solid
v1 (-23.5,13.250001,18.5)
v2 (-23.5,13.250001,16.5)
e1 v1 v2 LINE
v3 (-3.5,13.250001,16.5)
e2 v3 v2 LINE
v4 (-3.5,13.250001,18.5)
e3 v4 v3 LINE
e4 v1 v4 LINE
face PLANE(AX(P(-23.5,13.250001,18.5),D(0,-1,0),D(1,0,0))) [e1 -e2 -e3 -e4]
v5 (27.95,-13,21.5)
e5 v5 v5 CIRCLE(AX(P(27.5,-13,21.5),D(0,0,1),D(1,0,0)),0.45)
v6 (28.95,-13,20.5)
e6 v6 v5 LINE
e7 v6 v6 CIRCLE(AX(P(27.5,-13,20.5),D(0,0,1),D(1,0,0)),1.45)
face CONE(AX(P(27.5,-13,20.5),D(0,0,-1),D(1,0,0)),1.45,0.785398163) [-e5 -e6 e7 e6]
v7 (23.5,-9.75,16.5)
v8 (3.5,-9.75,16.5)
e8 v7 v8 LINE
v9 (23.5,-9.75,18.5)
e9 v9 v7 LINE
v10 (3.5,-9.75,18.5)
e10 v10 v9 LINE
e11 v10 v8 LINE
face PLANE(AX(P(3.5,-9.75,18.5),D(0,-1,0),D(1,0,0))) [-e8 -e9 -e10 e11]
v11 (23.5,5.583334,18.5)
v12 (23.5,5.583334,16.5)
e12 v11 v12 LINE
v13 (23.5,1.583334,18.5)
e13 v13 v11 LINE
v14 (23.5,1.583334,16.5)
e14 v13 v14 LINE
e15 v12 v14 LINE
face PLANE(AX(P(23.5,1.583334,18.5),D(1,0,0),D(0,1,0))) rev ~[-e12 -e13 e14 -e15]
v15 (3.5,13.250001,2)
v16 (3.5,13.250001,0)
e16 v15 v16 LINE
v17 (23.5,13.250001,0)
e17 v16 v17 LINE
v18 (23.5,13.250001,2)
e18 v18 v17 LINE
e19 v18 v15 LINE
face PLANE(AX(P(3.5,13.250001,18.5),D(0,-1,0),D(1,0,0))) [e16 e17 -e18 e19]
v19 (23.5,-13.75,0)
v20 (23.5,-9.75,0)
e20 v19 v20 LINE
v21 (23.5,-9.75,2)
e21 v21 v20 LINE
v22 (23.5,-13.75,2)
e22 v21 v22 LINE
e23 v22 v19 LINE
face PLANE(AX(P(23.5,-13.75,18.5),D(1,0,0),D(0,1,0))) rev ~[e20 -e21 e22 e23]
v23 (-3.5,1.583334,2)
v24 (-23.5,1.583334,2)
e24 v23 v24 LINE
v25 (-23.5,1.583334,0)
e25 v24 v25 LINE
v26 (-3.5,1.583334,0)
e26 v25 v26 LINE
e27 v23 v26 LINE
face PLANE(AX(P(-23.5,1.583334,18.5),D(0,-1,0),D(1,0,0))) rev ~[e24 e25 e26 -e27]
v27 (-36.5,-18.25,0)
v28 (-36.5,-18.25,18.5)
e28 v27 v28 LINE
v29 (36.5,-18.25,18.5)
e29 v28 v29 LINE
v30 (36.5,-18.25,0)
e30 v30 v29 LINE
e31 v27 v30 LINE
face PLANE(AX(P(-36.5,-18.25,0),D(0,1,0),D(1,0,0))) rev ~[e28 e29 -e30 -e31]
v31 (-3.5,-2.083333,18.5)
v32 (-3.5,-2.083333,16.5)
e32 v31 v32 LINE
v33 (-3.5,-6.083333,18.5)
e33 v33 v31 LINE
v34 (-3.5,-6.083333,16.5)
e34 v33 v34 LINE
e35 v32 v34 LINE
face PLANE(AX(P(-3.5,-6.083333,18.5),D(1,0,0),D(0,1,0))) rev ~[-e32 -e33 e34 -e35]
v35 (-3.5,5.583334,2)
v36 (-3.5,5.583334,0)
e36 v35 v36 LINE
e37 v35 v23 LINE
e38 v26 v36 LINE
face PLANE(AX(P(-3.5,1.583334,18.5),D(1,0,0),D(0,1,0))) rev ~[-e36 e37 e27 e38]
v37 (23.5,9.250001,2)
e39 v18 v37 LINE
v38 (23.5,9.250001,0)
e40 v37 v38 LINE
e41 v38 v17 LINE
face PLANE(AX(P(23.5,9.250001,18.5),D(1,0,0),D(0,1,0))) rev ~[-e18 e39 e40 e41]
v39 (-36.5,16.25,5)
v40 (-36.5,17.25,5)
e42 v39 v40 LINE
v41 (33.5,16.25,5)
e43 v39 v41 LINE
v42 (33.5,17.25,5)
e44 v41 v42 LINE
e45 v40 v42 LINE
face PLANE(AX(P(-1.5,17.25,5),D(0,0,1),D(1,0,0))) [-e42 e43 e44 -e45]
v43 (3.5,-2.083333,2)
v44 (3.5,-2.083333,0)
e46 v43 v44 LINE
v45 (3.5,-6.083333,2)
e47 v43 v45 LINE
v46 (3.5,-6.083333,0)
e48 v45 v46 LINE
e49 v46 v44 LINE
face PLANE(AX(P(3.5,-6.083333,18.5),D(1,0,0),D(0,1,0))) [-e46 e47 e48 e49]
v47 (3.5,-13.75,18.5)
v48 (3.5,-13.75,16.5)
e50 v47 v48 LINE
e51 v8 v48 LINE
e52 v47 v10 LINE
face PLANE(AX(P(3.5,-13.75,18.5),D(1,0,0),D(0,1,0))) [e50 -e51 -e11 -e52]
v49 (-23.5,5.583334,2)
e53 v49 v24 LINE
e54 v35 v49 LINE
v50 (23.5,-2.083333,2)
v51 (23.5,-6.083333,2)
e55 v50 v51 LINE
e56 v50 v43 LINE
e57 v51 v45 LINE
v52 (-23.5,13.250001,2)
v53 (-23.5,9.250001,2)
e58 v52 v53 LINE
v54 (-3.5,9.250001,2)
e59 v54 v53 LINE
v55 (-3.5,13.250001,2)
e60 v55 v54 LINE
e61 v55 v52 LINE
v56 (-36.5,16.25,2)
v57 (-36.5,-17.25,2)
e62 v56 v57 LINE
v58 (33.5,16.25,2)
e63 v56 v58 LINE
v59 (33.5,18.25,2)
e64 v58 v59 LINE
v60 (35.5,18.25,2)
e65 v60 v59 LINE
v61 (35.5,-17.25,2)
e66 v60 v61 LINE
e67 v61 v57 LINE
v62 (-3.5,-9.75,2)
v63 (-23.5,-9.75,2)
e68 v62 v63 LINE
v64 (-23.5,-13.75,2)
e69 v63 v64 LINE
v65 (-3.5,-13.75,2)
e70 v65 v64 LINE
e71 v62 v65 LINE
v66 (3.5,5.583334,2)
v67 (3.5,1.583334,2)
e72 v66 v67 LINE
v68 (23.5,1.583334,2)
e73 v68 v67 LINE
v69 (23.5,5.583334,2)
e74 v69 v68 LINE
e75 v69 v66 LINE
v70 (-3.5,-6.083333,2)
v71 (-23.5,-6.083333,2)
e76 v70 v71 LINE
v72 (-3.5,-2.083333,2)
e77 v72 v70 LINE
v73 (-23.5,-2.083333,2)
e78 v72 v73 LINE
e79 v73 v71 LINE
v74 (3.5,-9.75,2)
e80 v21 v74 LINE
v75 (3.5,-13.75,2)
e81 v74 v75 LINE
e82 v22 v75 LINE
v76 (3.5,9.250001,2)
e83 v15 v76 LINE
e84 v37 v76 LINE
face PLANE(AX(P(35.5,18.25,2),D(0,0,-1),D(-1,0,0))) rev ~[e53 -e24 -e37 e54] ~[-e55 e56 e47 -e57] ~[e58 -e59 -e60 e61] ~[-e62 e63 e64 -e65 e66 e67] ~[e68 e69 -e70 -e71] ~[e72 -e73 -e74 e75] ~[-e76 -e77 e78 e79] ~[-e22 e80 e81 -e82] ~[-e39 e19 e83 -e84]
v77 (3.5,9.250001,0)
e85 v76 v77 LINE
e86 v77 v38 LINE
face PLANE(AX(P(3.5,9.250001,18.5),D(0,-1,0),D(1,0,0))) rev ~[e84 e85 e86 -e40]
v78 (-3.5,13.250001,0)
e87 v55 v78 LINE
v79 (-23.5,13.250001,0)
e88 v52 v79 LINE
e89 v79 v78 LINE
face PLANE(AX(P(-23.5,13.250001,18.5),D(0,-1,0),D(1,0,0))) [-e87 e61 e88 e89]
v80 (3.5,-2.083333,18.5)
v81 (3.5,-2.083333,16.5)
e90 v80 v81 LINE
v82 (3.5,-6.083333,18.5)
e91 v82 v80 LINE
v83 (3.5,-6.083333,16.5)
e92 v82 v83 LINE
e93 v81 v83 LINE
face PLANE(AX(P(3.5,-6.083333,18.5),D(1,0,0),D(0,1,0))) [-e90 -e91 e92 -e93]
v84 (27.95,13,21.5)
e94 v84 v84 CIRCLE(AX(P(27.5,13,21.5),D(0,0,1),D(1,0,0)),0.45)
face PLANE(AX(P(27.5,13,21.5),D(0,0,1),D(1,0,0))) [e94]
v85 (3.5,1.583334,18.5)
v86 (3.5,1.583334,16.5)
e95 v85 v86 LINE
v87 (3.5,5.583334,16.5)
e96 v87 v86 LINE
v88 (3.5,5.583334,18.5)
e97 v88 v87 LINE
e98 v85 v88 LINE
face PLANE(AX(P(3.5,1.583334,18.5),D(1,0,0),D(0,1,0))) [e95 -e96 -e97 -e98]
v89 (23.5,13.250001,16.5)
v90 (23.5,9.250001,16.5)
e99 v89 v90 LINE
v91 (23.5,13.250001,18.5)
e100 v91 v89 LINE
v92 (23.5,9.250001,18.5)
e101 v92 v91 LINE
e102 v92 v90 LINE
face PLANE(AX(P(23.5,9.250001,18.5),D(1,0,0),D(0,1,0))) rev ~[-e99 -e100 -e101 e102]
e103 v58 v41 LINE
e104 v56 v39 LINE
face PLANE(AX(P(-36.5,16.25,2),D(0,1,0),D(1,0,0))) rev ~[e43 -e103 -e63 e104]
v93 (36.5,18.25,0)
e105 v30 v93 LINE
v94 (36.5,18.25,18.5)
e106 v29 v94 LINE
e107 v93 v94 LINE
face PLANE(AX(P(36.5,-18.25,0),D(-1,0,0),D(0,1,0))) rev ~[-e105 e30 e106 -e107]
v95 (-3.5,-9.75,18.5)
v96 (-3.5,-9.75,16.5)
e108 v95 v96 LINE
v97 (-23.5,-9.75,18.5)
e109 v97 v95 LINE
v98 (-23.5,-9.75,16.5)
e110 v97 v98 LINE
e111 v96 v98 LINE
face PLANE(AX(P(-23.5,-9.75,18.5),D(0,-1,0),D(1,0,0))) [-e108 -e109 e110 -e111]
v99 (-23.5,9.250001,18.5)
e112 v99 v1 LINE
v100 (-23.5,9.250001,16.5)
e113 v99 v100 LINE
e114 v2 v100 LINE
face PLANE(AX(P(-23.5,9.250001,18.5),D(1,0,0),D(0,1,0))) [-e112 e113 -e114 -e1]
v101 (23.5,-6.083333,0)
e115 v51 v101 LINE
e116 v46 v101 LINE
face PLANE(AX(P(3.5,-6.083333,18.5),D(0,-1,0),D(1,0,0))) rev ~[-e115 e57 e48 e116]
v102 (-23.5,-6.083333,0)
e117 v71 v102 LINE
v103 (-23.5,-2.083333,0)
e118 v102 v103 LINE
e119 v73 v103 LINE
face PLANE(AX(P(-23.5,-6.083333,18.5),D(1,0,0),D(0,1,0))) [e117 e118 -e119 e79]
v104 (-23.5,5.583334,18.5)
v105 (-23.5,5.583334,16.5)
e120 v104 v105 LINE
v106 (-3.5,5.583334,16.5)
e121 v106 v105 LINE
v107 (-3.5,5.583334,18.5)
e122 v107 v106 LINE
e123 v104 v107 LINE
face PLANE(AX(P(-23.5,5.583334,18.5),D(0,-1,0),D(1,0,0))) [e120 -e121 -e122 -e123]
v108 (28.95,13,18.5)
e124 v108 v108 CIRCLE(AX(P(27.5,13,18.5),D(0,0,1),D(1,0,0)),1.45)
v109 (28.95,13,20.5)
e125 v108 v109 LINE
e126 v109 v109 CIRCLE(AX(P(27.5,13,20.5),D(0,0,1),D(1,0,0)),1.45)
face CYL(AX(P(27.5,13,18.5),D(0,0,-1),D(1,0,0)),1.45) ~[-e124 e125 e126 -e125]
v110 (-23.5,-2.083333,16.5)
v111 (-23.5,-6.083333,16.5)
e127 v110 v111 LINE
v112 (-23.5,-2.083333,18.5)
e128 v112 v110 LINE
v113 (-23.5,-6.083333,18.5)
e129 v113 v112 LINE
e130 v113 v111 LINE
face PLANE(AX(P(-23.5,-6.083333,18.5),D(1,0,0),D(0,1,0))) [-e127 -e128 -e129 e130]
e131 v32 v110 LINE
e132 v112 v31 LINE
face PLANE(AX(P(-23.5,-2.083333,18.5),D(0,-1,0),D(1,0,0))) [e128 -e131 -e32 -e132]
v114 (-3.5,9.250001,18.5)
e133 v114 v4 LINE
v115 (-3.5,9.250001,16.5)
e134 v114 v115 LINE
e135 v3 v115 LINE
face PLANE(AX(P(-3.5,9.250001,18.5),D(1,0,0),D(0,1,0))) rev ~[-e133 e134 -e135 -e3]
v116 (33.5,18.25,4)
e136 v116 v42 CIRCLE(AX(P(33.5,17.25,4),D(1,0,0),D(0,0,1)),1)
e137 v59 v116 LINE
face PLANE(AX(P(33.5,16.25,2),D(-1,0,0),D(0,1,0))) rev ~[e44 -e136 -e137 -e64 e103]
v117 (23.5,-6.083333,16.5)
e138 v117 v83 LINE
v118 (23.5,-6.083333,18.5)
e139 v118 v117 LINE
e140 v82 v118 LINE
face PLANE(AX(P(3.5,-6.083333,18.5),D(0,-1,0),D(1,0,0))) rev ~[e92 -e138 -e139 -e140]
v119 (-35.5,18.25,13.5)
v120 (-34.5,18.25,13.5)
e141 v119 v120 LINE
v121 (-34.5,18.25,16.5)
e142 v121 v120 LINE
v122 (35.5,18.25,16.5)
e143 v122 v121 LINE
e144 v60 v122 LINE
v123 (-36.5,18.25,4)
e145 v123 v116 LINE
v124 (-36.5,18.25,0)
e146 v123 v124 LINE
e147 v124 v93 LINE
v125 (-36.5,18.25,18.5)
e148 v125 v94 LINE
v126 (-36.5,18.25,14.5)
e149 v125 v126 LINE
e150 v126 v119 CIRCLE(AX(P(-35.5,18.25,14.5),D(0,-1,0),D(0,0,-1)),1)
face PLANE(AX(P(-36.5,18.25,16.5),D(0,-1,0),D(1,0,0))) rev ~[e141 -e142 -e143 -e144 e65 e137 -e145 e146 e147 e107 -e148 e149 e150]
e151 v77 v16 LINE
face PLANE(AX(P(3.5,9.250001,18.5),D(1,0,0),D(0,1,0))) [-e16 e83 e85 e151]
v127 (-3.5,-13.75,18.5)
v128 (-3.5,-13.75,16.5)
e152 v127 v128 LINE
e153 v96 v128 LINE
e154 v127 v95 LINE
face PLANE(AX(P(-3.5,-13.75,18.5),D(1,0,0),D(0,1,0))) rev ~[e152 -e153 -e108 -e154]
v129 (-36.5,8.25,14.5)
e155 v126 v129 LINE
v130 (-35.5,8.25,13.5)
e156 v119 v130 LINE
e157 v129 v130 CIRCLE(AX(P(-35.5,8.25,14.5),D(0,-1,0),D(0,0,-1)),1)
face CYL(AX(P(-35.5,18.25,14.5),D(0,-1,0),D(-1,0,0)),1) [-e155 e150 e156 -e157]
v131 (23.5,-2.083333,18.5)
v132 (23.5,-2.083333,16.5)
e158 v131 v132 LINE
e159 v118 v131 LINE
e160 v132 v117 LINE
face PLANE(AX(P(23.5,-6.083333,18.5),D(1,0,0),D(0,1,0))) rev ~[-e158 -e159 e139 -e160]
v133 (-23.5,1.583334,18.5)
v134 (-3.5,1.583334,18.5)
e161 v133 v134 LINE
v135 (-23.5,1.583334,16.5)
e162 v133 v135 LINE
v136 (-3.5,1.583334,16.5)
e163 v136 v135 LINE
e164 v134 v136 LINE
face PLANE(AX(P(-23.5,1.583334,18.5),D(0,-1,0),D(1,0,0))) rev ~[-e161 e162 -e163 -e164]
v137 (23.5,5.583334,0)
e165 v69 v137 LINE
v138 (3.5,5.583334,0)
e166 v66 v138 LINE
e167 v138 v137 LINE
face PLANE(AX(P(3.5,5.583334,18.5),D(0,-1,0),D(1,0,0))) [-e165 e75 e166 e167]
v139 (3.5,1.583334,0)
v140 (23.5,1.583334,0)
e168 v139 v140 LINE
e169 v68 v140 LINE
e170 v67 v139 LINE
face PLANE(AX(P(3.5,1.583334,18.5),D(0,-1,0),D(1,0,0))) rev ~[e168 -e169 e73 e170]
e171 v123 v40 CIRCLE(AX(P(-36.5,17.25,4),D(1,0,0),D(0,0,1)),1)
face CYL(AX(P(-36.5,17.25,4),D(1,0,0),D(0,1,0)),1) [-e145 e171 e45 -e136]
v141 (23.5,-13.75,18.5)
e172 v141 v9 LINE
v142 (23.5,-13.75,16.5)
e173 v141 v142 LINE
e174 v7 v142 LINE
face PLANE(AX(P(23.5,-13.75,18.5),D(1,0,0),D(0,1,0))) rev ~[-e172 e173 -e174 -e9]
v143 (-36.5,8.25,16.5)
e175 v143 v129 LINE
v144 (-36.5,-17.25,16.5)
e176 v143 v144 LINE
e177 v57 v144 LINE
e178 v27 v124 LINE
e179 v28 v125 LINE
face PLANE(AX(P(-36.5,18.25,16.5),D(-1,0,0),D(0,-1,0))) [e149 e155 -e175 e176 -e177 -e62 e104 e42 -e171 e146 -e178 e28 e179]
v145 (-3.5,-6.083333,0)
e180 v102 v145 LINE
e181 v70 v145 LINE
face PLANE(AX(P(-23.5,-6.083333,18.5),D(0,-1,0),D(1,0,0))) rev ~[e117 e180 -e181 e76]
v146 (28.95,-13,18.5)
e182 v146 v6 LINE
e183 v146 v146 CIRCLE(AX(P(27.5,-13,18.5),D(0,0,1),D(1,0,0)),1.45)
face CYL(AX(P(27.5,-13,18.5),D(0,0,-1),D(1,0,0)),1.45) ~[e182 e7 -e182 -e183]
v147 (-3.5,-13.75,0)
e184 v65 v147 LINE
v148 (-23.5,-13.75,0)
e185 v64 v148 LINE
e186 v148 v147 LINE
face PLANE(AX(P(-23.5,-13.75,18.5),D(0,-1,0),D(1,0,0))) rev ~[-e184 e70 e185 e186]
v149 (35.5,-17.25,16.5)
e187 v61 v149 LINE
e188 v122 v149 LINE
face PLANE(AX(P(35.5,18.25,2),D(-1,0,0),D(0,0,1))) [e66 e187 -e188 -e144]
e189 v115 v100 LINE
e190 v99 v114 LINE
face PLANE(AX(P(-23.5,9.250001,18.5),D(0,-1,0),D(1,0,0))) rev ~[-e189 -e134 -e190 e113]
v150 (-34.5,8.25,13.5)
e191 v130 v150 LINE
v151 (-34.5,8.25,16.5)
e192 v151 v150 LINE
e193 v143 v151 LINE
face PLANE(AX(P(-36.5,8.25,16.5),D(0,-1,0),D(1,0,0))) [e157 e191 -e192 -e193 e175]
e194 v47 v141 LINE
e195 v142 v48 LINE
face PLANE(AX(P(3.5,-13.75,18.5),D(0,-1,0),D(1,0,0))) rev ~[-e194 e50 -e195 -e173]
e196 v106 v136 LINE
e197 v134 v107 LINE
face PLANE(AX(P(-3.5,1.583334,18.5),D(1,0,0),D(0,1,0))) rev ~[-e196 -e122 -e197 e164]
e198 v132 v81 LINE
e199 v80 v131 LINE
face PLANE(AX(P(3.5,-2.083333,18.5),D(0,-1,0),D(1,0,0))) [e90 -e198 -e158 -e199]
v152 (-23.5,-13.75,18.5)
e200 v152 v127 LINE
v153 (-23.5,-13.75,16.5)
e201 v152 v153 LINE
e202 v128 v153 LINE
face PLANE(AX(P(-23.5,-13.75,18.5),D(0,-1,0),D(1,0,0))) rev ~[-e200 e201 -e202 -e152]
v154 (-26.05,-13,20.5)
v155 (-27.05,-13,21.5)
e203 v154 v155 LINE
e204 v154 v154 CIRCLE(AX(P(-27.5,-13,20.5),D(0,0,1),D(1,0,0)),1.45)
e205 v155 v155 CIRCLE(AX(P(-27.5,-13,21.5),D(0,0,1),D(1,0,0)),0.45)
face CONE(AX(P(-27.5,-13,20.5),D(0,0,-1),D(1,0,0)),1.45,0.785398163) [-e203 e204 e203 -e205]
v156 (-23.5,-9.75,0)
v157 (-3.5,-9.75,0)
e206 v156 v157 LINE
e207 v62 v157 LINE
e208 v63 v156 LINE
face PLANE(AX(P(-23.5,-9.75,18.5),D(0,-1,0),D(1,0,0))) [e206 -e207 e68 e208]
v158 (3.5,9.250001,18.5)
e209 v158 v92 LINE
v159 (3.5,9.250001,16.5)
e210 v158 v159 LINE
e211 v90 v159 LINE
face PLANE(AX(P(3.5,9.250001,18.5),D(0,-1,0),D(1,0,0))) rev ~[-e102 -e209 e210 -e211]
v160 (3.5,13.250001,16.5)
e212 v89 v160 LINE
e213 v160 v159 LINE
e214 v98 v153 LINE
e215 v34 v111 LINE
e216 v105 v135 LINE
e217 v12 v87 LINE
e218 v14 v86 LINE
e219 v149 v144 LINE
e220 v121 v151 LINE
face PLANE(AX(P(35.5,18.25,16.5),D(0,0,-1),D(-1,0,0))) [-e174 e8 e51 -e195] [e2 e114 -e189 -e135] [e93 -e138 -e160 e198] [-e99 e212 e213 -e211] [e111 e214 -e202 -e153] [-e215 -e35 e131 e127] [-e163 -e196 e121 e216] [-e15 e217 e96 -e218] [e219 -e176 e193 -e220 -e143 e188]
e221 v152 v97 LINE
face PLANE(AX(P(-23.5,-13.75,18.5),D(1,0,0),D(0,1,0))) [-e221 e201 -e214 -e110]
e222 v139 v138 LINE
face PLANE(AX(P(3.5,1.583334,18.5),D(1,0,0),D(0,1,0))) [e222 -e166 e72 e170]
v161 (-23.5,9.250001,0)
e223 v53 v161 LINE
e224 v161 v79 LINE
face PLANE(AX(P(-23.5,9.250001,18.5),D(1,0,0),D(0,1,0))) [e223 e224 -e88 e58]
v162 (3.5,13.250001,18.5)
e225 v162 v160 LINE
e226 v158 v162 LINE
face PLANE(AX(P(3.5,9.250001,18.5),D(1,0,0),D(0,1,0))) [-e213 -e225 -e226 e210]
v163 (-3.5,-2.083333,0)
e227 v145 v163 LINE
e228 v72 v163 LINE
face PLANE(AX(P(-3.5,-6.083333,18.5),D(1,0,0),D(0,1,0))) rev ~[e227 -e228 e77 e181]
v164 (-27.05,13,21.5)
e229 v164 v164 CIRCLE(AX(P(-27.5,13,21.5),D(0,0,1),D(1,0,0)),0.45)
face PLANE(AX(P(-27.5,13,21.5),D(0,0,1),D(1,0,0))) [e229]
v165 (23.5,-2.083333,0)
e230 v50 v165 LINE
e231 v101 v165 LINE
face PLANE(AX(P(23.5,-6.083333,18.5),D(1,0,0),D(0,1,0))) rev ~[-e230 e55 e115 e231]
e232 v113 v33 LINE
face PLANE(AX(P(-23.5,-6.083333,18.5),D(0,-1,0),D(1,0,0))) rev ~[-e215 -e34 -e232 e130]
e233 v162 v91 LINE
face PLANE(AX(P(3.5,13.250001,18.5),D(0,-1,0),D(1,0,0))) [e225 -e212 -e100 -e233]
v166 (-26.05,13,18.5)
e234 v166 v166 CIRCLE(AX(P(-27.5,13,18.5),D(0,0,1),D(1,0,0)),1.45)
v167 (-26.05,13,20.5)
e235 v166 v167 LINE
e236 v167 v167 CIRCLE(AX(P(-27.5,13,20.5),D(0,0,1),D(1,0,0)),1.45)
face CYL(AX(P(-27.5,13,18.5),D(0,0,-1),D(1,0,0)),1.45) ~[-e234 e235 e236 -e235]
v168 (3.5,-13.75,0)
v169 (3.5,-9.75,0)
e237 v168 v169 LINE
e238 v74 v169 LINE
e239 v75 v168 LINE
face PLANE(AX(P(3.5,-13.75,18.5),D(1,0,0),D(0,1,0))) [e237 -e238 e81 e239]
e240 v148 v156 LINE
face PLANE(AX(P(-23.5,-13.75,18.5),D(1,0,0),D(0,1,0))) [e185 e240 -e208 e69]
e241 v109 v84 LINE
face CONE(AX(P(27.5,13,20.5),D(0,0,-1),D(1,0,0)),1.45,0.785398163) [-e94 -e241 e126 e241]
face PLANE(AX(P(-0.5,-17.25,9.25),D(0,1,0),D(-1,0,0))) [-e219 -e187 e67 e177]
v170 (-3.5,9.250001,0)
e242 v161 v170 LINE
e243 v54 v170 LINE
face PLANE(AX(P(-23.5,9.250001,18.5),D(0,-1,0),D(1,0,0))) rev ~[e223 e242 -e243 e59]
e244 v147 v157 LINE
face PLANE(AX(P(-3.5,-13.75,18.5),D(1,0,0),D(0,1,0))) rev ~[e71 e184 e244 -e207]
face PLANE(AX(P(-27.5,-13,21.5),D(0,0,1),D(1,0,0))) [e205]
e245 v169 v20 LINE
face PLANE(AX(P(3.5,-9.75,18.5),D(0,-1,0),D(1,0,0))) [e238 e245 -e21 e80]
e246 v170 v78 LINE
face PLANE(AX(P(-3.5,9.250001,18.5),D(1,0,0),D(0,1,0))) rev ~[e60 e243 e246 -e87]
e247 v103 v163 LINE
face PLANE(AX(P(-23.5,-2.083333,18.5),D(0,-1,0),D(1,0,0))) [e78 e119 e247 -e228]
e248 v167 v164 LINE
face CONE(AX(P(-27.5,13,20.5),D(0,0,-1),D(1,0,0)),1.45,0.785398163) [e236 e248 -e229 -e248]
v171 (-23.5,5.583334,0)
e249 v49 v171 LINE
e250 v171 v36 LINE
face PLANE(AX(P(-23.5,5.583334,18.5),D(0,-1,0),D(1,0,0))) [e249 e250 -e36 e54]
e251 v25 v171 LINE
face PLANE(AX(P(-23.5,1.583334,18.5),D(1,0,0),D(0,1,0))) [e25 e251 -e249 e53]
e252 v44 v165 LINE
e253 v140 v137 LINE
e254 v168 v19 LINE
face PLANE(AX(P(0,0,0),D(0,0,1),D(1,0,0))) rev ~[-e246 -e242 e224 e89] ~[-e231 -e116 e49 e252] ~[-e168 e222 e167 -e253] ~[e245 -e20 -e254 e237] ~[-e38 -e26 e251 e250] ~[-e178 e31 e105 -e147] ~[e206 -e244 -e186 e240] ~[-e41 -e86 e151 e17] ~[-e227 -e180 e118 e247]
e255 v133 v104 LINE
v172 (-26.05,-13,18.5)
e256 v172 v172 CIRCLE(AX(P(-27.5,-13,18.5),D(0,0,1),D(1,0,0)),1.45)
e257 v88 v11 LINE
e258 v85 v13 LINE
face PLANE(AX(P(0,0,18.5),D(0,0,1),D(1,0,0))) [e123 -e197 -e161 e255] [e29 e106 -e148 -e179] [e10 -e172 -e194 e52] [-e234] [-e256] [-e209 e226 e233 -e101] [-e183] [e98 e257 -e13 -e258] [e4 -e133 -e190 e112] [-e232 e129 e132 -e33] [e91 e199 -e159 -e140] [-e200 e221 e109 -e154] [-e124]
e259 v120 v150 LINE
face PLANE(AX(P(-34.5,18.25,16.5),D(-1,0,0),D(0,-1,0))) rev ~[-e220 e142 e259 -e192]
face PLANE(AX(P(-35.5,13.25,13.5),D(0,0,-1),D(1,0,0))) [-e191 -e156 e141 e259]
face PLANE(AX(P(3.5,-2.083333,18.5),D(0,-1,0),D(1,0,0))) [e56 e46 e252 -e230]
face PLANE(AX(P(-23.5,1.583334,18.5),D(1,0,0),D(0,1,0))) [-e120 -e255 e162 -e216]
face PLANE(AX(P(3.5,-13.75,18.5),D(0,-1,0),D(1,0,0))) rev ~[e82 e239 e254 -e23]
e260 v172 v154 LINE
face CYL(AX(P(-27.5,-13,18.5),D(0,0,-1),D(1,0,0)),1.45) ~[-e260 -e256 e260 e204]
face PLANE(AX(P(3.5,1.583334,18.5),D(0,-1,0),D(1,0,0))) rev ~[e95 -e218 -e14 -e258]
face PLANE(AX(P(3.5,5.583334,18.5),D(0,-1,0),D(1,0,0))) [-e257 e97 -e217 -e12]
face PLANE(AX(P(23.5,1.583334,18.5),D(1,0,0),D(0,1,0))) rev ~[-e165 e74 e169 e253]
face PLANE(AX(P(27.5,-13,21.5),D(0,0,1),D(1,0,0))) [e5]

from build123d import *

# Parameters (mm, degrees)
SKETCH_W            = 73
SKETCH_H            = 36.5
PAD_DEPTH           = 18.5
SKETCH001_W         = 72
SKETCH001_H         = 14.5
POCKET_DEPTH        = 35.5
SKETCH002_W         = 70
SKETCH002_H         = 2
PAD001_DEPTH        = 3
FILLET_R            = 1
SKETCH003_W         = 2
SKETCH003_H         = 10
PAD002_DEPTH        = 3
FILLET001_R         = 1
SKETCH005_R         = 1.45
PAD003_DEPTH        = 3
CHAMFER_SIZE        = 1
SKETCH006_W         = 20
SKETCH006_H         = 4
POCKET001_DEPTH     = 18.501
LINEARPATTERN_COUNT = 4
LINEARPATTERN_PITCH = 7.666667


with BuildPart() as part:
    # Sketch → Pad (new body)
    with BuildSketch(Plane.XY):
        Rectangle(SKETCH_W, SKETCH_H)
    extrude(amount=PAD_DEPTH)

    # Sketch001 (on Face3 of Pad) → Pocket (cut)
    with BuildSketch(Plane(origin=(0, 18.25, 0), x_dir=(-1, 0, 0), z_dir=(0, 1, 0))):
        with Locations((0.5, 9.25)):
            Rectangle(SKETCH001_W, SKETCH001_H)
    extrude(amount=-POCKET_DEPTH, mode=Mode.SUBTRACT)

    # Sketch002 (on Face9 of Pocket) → Pad001 (join)
    with BuildSketch(Plane.XY.offset(2)):
        with Locations((-1.5, 17.25)):
            Rectangle(SKETCH002_W, SKETCH002_H)
    extrude(amount=PAD001_DEPTH)

    # Fillet
    fillet_edges = [part.edges().sort_by_distance(p)[0] for p in [
        (-1.5, 18.25, 5),
    ]]
    fillet(fillet_edges, radius=FILLET_R)

    # Sketch003 (on Face10 of Fillet) → Pad002 (join)
    with BuildSketch(Plane(origin=(0, 0, 16.5), x_dir=(1, 0, 0), z_dir=(0, 0, -1))):
        with Locations((-35.5, -13.25)):
            Rectangle(SKETCH003_W, SKETCH003_H)
    extrude(amount=PAD002_DEPTH)

    # Fillet001
    fillet001_edges = [part.edges().sort_by_distance(p)[0] for p in [
        (-36.5, 13.25, 13.5),
    ]]
    fillet(fillet001_edges, radius=FILLET001_R)

    # Sketch005 (on Face8 of Fillet001) → Pad003 (join)
    with BuildSketch(Plane.XY.offset(18.5)):
        with Locations((-27.5, 13)):
            Circle(SKETCH005_R)
        with Locations((-27.5, -13)):
            Circle(SKETCH005_R)
        with Locations((27.5, 13)):
            Circle(SKETCH005_R)
        with Locations((27.5, -13)):
            Circle(SKETCH005_R)
    extrude(amount=PAD003_DEPTH)

    # Chamfer
    chamfer_edges = [part.edges().sort_by_distance(p)[0] for p in [
        (26.05, 13, 21.5),
        (-28.95, 13, 21.5),
        (-28.95, -13, 21.5),
        (26.05, -13, 21.5),
    ]]
    chamfer(chamfer_edges, length=CHAMFER_SIZE)

    # Sketch006 (on Face3 of Chamfer) → Pocket001 (cut, through all)
    with BuildSketch(Plane.XY.offset(18.5)):
        with Locations((-13.5, -11.75)):
            Rectangle(SKETCH006_W, SKETCH006_H)
        with Locations((13.5, -11.75)):
            Rectangle(SKETCH006_W, SKETCH006_H)
    pocket001 = extrude(amount=-POCKET001_DEPTH, mode=Mode.SUBTRACT)

    # LinearPattern: Pocket001 ×4
    with Locations(*[(0, i * LINEARPATTERN_PITCH, 0) for i in range(1, LINEARPATTERN_COUNT)]):
        add(pocket001, mode=Mode.SUBTRACT)


solid = part.part
